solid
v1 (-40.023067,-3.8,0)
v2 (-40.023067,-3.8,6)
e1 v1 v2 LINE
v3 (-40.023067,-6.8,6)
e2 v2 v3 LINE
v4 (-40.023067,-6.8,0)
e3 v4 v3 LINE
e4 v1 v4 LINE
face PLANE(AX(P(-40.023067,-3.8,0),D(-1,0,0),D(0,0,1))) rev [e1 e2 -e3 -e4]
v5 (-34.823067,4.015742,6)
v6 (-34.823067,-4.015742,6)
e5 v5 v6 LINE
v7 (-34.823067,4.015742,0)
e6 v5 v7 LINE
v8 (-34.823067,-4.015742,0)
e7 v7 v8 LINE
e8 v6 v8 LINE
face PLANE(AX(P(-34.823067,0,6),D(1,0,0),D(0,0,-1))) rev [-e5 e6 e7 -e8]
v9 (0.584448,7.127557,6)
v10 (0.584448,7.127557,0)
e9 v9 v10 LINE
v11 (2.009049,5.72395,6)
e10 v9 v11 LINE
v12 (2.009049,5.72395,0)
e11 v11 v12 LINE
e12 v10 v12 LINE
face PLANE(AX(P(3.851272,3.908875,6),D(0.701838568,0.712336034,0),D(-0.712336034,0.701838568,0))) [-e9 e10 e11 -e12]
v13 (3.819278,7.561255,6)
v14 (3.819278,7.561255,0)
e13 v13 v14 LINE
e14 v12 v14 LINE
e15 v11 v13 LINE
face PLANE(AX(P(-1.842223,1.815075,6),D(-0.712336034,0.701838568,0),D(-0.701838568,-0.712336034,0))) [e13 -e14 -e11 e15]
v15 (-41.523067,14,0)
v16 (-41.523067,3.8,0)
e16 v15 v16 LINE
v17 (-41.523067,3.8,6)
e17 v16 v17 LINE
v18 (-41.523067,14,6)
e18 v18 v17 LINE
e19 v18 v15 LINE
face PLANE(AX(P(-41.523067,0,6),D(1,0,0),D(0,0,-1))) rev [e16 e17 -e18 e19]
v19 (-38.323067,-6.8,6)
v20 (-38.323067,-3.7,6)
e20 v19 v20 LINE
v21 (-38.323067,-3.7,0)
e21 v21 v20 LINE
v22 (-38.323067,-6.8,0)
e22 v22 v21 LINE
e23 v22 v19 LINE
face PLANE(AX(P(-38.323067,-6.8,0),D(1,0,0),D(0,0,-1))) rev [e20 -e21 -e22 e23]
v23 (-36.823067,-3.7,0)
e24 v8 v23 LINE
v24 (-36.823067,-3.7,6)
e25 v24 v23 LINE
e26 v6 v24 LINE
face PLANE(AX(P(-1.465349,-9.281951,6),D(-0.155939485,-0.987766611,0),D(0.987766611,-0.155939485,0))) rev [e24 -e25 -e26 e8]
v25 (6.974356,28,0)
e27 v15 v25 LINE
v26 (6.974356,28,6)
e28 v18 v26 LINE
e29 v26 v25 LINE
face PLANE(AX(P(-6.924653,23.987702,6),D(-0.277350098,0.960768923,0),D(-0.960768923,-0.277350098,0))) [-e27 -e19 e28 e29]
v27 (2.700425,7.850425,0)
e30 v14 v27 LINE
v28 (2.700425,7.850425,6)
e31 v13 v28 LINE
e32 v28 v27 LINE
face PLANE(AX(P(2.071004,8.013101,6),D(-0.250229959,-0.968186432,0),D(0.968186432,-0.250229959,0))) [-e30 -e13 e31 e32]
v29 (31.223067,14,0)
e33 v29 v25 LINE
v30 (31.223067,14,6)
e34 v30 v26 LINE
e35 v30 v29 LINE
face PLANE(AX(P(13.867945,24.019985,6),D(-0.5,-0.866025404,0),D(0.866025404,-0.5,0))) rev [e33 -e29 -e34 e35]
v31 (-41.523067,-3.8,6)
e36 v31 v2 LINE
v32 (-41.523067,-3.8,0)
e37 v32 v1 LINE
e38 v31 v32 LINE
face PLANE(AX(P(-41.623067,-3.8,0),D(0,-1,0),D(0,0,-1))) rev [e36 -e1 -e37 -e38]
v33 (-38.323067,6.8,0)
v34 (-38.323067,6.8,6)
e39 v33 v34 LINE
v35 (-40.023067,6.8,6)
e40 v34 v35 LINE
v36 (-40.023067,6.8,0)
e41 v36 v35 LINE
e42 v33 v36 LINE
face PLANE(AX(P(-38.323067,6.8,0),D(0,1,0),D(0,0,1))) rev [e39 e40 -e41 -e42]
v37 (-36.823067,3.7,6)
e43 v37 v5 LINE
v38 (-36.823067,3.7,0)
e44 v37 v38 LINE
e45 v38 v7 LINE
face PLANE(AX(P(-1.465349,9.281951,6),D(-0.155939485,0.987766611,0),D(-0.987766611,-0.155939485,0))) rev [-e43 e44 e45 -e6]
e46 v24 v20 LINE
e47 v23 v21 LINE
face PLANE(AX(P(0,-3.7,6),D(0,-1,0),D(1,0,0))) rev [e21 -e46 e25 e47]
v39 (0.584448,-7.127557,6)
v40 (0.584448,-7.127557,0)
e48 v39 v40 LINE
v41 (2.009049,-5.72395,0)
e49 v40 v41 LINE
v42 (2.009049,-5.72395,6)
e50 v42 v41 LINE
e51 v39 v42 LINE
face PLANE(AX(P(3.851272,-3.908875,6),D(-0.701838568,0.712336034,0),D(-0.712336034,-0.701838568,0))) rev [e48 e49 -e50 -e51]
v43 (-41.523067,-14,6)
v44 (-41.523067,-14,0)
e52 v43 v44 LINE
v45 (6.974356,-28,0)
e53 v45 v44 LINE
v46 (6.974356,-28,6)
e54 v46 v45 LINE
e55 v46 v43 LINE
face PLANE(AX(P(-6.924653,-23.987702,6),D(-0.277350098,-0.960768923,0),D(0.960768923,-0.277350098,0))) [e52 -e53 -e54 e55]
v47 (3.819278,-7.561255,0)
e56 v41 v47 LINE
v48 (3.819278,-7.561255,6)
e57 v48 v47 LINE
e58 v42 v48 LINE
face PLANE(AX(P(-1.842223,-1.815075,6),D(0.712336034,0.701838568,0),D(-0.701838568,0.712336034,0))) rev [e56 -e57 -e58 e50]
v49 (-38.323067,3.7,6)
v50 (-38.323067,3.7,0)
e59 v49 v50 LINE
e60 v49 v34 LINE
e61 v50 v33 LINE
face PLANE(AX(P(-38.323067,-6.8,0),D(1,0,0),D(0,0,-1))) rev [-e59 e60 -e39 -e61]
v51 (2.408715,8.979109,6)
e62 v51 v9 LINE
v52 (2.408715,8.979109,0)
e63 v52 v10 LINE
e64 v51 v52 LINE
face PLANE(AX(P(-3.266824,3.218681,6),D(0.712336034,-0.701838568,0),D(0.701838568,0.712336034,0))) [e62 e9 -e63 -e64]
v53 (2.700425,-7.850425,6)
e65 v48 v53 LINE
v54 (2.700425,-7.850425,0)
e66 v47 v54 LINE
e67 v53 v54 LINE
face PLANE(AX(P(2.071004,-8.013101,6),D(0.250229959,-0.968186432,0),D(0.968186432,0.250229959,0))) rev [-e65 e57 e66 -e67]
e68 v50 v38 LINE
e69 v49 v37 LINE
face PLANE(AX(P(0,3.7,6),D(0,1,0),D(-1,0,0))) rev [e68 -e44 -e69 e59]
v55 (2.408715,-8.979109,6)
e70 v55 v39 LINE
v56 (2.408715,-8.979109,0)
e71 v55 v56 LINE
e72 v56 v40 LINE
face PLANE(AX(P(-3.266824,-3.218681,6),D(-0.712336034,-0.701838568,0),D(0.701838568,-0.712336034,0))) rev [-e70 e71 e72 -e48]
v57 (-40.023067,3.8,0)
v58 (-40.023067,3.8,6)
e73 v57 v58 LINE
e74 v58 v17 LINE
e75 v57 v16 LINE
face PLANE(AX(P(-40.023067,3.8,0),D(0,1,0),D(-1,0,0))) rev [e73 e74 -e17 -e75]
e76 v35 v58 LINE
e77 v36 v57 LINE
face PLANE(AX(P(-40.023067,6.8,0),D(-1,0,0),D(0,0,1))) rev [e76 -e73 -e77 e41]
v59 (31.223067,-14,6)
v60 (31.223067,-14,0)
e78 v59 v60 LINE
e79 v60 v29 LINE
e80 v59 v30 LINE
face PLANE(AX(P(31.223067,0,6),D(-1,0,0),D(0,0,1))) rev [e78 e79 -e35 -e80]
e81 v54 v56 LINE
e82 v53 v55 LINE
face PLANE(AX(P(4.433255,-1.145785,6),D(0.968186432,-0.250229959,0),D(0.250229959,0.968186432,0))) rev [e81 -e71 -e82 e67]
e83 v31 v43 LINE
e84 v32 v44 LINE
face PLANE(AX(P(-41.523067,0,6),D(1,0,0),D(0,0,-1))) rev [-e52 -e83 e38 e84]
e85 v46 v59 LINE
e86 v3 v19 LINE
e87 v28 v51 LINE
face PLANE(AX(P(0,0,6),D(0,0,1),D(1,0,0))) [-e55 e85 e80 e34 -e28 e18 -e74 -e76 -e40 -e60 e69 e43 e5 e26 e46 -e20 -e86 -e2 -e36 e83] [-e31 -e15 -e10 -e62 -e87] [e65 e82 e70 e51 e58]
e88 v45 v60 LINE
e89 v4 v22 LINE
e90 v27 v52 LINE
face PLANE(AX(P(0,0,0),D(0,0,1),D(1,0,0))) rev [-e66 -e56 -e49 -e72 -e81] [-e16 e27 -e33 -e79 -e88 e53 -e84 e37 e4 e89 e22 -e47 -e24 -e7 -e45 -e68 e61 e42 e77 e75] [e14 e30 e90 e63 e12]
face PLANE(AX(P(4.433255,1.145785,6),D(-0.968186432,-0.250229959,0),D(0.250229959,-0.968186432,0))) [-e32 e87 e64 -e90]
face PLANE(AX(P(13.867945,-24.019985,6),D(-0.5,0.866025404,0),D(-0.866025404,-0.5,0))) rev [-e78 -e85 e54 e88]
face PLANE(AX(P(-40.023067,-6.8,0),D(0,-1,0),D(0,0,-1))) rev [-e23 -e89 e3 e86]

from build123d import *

# Parameters (mm, degrees)
BOSS_EXTRUDE1_DEPTH = 6
CUT_EXTRUDE1_DEPTH  = 51.439717383


with BuildPart() as part:
    # Sketch1 → Boss-Extrude1 (new body)
    # profile 1 of 2: a face of its own
    with BuildSketch(Plane.XY):
        Polygon((31.223066959, -14), (31.223066959, 0), (-34.823066959, 0), (-34.823066959, -4.01574156), (-36.823066959, -3.7), (-41.523066959, -3.7), (-41.523066959, -14), (6.974355653, -28), align=None)
        Polygon((2.700425446, -7.850425446), (2.408714576, -8.979109263), (0.584447895, -7.127556852), (2.009048725, -5.723949904), (3.819278422, -7.561255379), align=None, mode=Mode.SUBTRACT)
    # profile 2 of 2: a face of its own
    with BuildSketch(Plane.XY):
        Polygon((31.223066959, 0), (31.223066959, 14), (6.974355653, 28), (-41.523066959, 14), (-41.523066959, 3.7), (-36.823066959, 3.7), (-34.823066959, 4.01574156), (-34.823066959, 0), align=None)
        Polygon((2.408714576, 8.979109263), (2.700425446, 7.850425446), (3.819278422, 7.561255379), (2.009048725, 5.723949904), (0.584447895, 7.127556852), align=None, mode=Mode.SUBTRACT)
    extrude(amount=BOSS_EXTRUDE1_DEPTH)

    # Sketch2 → Cut-Extrude1 (cut, through all)
    with BuildSketch(Plane.XY.offset(6)):
        Polygon((-41.623066959, -3.427539205), (-41.623066959, -3.8), (-40.023066959, -3.8), (-40.023066959, -6.8), (-38.323066959, -6.8), (-38.323066959, 6.8), (-40.023066959, 6.8), (-40.023066959, 3.8), (-41.623066959, 3.8), (-41.623066959, 3.427539205), align=None)
    extrude(amount=-CUT_EXTRUDE1_DEPTH, mode=Mode.SUBTRACT)


solid = part.part
